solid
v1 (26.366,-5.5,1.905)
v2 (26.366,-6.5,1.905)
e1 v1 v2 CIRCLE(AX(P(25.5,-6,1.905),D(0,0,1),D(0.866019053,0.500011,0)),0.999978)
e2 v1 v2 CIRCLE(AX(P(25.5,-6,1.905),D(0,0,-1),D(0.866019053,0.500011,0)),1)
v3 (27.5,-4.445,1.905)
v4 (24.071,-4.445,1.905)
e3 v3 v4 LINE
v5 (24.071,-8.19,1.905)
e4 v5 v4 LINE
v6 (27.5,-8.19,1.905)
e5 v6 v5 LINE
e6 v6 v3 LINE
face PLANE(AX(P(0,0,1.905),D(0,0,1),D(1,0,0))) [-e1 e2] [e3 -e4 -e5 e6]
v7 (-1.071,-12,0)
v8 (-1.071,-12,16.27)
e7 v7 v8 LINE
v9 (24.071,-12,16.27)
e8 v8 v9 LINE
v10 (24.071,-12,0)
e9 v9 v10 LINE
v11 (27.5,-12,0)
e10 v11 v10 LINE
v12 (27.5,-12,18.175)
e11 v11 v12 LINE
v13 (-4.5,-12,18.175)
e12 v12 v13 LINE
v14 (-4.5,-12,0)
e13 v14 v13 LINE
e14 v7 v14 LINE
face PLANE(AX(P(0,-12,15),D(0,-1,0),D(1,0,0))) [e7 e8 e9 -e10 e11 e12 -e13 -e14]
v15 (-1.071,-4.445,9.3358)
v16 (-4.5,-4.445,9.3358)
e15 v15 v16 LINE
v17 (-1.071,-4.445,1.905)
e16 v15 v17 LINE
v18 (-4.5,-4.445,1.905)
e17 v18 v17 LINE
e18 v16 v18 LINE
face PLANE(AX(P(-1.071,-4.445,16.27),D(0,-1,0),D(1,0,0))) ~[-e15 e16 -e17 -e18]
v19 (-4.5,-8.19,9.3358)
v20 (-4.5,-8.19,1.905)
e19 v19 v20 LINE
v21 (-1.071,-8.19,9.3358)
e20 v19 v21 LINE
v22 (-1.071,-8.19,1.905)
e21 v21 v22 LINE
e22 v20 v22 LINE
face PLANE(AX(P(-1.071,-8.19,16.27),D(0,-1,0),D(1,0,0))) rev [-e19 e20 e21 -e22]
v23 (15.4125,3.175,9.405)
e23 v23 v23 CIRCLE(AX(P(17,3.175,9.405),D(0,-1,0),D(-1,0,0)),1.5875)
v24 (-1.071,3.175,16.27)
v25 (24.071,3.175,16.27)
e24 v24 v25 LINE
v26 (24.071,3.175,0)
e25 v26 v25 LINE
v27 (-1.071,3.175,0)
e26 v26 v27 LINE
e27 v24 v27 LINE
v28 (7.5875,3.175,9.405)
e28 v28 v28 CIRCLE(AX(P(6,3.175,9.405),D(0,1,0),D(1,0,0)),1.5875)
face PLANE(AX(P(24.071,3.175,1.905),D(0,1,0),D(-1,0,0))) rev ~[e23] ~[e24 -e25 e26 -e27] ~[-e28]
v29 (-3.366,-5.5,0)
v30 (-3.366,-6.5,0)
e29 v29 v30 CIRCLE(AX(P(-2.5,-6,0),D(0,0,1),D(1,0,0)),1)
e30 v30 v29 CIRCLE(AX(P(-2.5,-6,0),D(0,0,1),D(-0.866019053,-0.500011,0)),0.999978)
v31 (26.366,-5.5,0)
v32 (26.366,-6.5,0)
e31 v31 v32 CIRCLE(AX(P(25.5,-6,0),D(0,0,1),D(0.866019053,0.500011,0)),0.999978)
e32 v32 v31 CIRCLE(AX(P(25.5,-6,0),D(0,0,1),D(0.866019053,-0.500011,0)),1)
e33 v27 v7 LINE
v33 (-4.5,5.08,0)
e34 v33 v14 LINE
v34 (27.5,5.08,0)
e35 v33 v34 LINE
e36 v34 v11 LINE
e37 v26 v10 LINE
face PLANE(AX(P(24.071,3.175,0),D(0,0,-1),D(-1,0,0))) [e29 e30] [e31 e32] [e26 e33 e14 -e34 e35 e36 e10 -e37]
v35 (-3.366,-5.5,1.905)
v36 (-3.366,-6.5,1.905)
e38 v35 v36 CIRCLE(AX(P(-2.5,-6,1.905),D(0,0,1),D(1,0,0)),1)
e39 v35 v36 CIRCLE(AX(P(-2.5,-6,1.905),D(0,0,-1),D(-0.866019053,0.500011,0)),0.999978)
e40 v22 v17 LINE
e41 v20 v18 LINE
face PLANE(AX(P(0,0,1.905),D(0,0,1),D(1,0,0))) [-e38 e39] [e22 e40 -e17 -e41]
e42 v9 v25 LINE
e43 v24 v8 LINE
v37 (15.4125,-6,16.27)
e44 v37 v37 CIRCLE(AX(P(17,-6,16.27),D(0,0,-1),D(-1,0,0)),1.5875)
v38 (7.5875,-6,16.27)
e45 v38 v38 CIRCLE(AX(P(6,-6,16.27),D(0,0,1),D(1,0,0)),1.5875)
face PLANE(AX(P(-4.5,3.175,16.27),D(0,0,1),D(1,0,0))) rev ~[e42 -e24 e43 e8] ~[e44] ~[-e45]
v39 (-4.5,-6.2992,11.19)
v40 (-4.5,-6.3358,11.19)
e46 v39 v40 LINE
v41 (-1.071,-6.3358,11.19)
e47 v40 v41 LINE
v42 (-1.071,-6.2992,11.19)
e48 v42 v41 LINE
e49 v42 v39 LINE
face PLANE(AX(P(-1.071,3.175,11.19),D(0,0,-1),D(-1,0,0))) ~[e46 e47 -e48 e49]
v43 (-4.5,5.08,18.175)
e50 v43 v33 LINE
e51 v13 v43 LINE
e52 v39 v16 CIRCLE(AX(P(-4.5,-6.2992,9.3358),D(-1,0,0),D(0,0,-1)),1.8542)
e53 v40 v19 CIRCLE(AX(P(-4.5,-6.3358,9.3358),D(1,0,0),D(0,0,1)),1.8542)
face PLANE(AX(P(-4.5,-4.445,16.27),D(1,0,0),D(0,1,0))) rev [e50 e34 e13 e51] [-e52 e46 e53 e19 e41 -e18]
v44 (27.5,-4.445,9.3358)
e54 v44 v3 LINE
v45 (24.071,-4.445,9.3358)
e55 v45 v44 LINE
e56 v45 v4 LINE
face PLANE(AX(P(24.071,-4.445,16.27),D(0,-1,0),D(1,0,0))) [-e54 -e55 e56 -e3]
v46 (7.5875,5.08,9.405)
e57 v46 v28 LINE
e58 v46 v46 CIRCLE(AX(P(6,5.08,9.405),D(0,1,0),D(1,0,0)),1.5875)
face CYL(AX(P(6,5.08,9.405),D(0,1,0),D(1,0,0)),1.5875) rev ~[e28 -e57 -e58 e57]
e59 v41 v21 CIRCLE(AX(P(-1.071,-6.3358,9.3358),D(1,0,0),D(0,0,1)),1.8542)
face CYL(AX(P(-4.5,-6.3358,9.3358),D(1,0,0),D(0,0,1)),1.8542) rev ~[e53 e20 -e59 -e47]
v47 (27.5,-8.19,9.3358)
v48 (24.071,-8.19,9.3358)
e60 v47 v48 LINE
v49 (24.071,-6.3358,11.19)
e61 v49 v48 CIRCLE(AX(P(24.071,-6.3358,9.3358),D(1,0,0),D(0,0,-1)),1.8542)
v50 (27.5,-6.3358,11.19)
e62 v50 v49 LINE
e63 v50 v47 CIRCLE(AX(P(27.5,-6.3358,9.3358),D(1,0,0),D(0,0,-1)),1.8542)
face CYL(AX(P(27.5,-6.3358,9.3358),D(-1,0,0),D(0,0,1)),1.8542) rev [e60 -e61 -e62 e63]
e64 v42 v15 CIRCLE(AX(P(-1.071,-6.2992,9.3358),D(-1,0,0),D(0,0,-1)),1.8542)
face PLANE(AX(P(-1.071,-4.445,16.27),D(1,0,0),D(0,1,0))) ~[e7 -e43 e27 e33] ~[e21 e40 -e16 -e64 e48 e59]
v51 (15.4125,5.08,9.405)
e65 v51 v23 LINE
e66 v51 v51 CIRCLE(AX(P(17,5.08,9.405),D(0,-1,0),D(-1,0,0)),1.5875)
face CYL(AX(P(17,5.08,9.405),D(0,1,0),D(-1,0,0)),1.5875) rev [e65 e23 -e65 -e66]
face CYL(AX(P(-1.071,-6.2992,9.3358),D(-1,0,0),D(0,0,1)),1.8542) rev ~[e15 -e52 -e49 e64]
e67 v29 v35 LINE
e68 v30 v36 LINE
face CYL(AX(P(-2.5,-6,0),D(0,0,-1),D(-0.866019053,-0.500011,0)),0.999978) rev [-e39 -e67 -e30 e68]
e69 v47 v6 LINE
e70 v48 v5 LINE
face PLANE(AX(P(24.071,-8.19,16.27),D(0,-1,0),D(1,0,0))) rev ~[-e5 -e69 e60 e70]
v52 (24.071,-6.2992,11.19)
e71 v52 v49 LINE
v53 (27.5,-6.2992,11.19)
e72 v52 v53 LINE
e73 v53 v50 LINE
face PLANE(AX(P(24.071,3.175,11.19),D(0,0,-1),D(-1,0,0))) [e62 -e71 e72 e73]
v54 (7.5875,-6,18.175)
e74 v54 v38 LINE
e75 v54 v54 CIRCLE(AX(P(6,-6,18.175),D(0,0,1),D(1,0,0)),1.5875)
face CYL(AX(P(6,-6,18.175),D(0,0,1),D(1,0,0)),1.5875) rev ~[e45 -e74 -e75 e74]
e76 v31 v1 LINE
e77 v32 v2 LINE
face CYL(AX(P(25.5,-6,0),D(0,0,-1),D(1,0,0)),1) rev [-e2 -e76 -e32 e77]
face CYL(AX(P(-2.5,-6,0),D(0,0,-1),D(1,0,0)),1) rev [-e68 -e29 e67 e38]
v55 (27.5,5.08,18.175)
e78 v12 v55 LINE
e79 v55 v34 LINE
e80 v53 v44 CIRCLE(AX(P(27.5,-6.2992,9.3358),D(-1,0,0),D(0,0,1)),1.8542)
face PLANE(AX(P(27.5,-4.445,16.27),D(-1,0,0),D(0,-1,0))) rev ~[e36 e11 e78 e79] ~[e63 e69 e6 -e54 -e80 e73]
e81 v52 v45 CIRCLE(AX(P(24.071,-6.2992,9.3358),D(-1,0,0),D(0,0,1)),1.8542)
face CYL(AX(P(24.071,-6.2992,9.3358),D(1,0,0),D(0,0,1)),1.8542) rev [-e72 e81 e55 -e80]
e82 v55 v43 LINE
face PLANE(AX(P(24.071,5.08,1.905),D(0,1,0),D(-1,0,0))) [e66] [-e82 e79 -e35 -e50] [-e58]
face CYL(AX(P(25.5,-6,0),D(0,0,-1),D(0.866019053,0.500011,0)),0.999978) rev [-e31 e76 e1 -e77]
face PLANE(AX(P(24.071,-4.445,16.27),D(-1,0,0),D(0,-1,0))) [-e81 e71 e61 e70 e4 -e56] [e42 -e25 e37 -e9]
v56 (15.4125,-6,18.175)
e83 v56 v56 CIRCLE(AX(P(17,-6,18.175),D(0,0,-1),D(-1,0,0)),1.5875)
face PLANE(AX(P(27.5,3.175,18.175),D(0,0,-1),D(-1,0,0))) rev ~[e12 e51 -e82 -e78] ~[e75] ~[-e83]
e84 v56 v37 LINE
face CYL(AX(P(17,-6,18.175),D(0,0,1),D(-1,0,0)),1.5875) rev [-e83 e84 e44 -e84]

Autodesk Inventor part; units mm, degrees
sketch "Sketch1" plane through (0, 0, 0) normal (0, 0, 1) x (1, 0, 0)
  line L0 (-4.3, 0) -> (27.3, 0) projected
  line L1 (27.5, -0.2) -> (27.5, -5.5) projected
  line L2 (-4.3, -12) -> (27.3, -12) projected
  line L3 (27.5, -6.5) -> (27.5, -11.8) projected
  line L4 (-4.5, -0.2) -> (-4.5, -5.5) projected
  line L5 (-4.5, -6.5) -> (-4.5, -11.8) projected
  line L6 (-4.5, 0) -> (-1.071, 0)
  line L7 (-1.071, 0) -> (-1.071, -12)
  line L8 (-1.071, -12) -> (-4.5, -12)
  line L9 (-4.5, -12) -> (-4.5, 0)
  arc A0 (-3.366, -6.5) -> (-3.366, -5.5) centre (-2.5, -6) ccw projected
  circle A1 centre (-2.5, -6) radius 1
  line L10 (27.5, -12) -> (24.071, -12)
  line L11 (24.071, -12) -> (24.071, 0)
  line L12 (24.071, 0) -> (27.5, 0)
  line L13 (27.5, 0) -> (27.5, -12)
  arc A2 (26.366, -5.5) -> (26.366, -6.5) centre (25.5, -6) ccw projected
  circle A3 centre (25.5, -6) radius 1
  line L14 (-1.071, 0) -> (-4.5, 0)
  line L15 (-4.5, 0) -> (-4.5, 1.905)
  line L16 (-4.5, 1.905) -> (-1.071, 1.905)
  line L17 (-1.071, 1.905) -> (-1.071, 0)
  line L18 (11.5, 0) -> (11.5, -12) construction
  line L19 (27.5, 0) -> (24.071, 0)
  line L20 (24.071, 0) -> (27.5, 0)
  line L21 (27.5, 0) -> (27.5, 1.905)
  line L22 (27.5, 1.905) -> (24.071, 1.905)
  line L23 (24.071, 1.905) -> (24.071, 0)
  line L24 (-4.5, 1.905) -> (-1.071, 1.905)
  line L25 (-1.071, 1.905) -> (-1.071, 5.08)
  line L26 (-1.071, 5.08) -> (-4.5, 5.08)
  line L27 (-4.5, 5.08) -> (-4.5, 1.905)
  line L28 (24.071, 1.905) -> (27.5, 1.905)
  line L29 (27.5, 1.905) -> (27.5, 5.08)
  line L30 (27.5, 5.08) -> (24.071, 5.08)
  line L31 (24.071, 5.08) -> (24.071, 1.905)
  point P0 (0, 0)
  dimension "d0" = 3.429
  dimension "d1" = 3.429
  dimension "d2" = 1.905
  dimension "d8" = 3.175
  dimension "d9" = 3.175
extrude "Extrusion1" add sketch "Sketch1" along normal blind 1.905 contours L6 L15 L16 L17 L0 | L0 L7 L2 L8 L9 L5 L4 L6 | L23 L22 L21 L12 L0 | L0 L12 L13 L1 L3 L10 L2 L11 | L16 L27 L26 L25 | L31 L30 L29 L22
ref_plane "Work Plane1" through (0, 3.175, 15) normal (0, 1, 0) x (1, 0, 0)
sketch "Sketch2" plane through (0, 3.175, 15) normal (0, 1, 0) x (1, 0, 0)
  line L0 (-1.071, 15) -> (-4.5, 15) projected
  line L1 (-4.5, 15) -> (-4.5, 13.095) projected
  line L2 (-1.071, 13.095) -> (-4.5, 13.095) projected
  line L3 (-1.071, 15) -> (-1.071, 13.095) projected
  line L4 (27.5, 15) -> (24.071, 15) projected
  line L5 (24.071, 15) -> (24.071, 13.095) projected
  line L6 (27.5, 13.095) -> (24.071, 13.095) projected
  line L7 (27.5, 15) -> (27.5, 13.095) projected
  line L8 (22.8, 0) -> (0.2, 0) projected
  line L9 (-4.5, 13.095) -> (27.5, 13.095)
  line L10 (27.5, -3.175) -> (-4.5, -3.175)
  line L11 (-4.5, 11.19) -> (-1.071, 11.19)
  line L12 (-1.071, 11.19) -> (-1.071, 0)
  line L13 (-1.071, 0) -> (-4.5, 0)
  line L14 (27.5, 0) -> (24.071, 0)
  line L15 (24.071, 0) -> (24.071, 11.19)
  line L16 (24.071, 11.19) -> (27.5, 11.19)
  line L17 (23, 15) -> (23, 5) projected
  line L18 (0, 5) -> (0, 15) projected
  line L19 (-1.071, 15) -> (-1.071, 13.095) projected
  line L20 (24.071, 15) -> (24.071, 13.095) projected
  arc A0 (-1.071, 7.761) -> (-4.5, 11.19) centre (-4.5, 7.761) ccw
  arc A1 (-4.5, 0) -> (-1.071, 3.429) centre (-4.5, 3.429) ccw
  arc A2 (27.5, 11.19) -> (24.071, 7.761) centre (27.5, 7.761) ccw
  arc A3 (24.071, 3.429) -> (27.5, 0) centre (27.5, 3.429) ccw
  line L21 (-4.5, -3.175) -> (-4.5, 0)
  line L22 (-4.5, 11.19) -> (-4.5, 13.095)
  line L23 (27.5, 13.095) -> (27.5, 11.19)
  line L24 (27.5, 0) -> (27.5, -3.175)
  line L25 (27.5, 11.19) -> (27.5, 0)
  line L26 (-4.5, 11.19) -> (-4.5, 0)
  dimension "d5" = 3.175
  dimension "d13" = 1.905
extrude "Extrusion2" add sketch "Sketch2" along normal blind 1.905 contours L9 L6 L23 L16 L15 L14 L24 L10 L21 L13 L12 L11 L22 L2 | L11 L12 A0 | A0 L12 A1 L26 | A1 L12 L13 | A2 L15 L16 | L25 A3 L15 A2 | L14 L15 A3
sketch "Sketch6" plane through (0, 3.175, 15) normal (0, -1, 0) x (1, 0, 0)
  line L0 (0.2, 0) -> (22.8, 0) projected
  line L1 (-4.5, -15) -> (-4.5, 3.175) projected
  line L2 (27.5, 3.175) -> (-4.5, 3.175)
  line L3 (-4.5, 3.175) -> (-4.5, 1.27)
  line L4 (-4.5, 1.27) -> (27.5, 1.27)
  line L5 (27.5, 1.27) -> (27.5, 3.175)
  line L6 (27.5, 3.175) -> (27.5, -13.095) projected
  line L7 (-4.5, 3.175) -> (27.5, 3.175) projected
  point P0 (0, -15)
  dimension "d10" = 1.905
extrude "Extrusion3" add sketch "Sketch6" along normal up to surface (15.175 mm away)
sketch "Sketch7" plane through (-4.5, 5.08, 18.175) normal (0, 0, 1) x (1, 0, 0)
  line L0 (32, -17.08) -> (32, 0) projected
  line L1 (0, 0) -> (32, 0) projected
  line L2 (0, -17.08) -> (0, 0) projected
  line L3 (0, -17.08) -> (32, -17.08) projected
  line L4 (32, -17.08) -> (0, -17.08) construction
  line L5 (32, -17.08) -> (32, 0) construction
  circle A0 centre (10.5, -11.08) radius 1.5875
  circle A1 centre (10.5, -11.08) radius 3.75
  point P0 (4.5, -5.08)
  point P1 (31.8064, -17.08)
  point P2 (0.1936, -17.08)
  dimension "d15" = 3.175
sketch "Sketch8" plane through (24.071, 5.08, 0) normal (0, 1, 0) x (1, 0, 0)
  line L0 (3.429, 0) -> (3.429, -18.175) projected
  line L1 (3.429, 0) -> (0, 0) projected
  line L2 (0, 0) -> (0, -1.905) projected
  line L3 (0, -1.905) -> (-25.142, -1.905) projected
  line L4 (-25.142, 0) -> (-25.142, -1.905) projected
  line L5 (-25.142, 0) -> (-28.571, 0) projected
  line L6 (-28.571, 0) -> (-28.571, -18.175) projected
  line L7 (-28.571, -18.175) -> (3.429, -18.175) projected
  line L8 (-25.142, -7.239) -> (-25.142, -11.571) construction
  circle A0 centre (-18.071, -9.405) radius 1.5875
  line L9 (-21.821, 16.1332) -> (-14.321, 16.1332)
  line L10 (-18.071, 16.1332) -> (-18.071, -9.3987) construction
  line L11 (-25.142, -9.405) -> (0, -9.405) construction
  point P0 (-24.071, 0)
  dimension "d16" = 3.175
extrude "Extrusion4" cut sketch "Sketch8" against normal up to next contours A0
extrude "Extrusion5" cut sketch "Sketch7" against normal up to next contours A0
ref_plane "Work Plane3" through (11.5, -12, 0) normal (1, 0, 0) x (0, 0, -1)
mirror "Mirror1" about plane through (11.5, -12, 0) normal (1, 0, 0) of "Extrusion5"
mirror "Mirror2" about plane through (11.5, -12, 0) normal (1, 0, 0) of "Extrusion4"
sketch "Sketch9" plane through (27.5, 3.175, 16.27) normal (0, 0, -1) x (-1, 0, 0)
  circle A0 centre (2, -9.175) radius 1 projected
  line L0 (3.429, 1.905) -> (3.429, -15.175) projected
  line L1 (0, 1.905) -> (3.429, 1.905) projected
  line L2 (0, -15.175) -> (0, 1.905) projected
  line L3 (3.429, -15.175) -> (0, -15.175) projected
  circle A1 centre (30, -9.175) radius 1 projected
  line L4 (28.571, -15.175) -> (28.571, 1.905) projected
  line L5 (32, -15.175) -> (28.571, -15.175) projected
  line L6 (32, 1.905) -> (32, -15.175) projected
  line L7 (28.571, 1.905) -> (32, 1.905) projected
  line L8 (0, -15.175) -> (3.429, -15.175)
  line L9 (3.429, -15.175) -> (3.429, -11.365)
  line L10 (3.429, -11.365) -> (0, -11.365)
  line L11 (0, -11.365) -> (0, -15.175)
  line L12 (0, 0) -> (32, 0) projected
  line L13 (0, 0) -> (3.429, 0)
  line L14 (3.429, 0) -> (3.429, -7.62)
  line L15 (3.429, -7.62) -> (0, -7.62)
  line L16 (0, -7.62) -> (0, 0)
  point P0 (27.5, -3.175)
  dimension "d21" = 7.62
  dimension "d22" = 3.81
extrude "Extrusion6" add sketch "Sketch9" along normal up to next contours L0 L15 L2 L12 | L0 L3 L2 L10
ref_plane "Work Plane4" through (11.5, -12, 0) normal (1, 0, 0) x (0, 0, -1)
mirror "Mirror3" about plane through (11.5, -12, 0) normal (1, 0, 0) of "Extrusion6"
sketch "Sketch10" plane through (24.071, 3.175, 1.905) normal (0, 0, -1) x (-1, 0, 0)
  line L0 (25.142, 0) -> (25.142, 1.905) projected
  line L1 (0, 1.905) -> (25.142, 1.905) projected
  line L2 (0, 1.905) -> (0, 0) projected
  line L3 (0, 0) -> (25.142, 0) projected
  point P0 (24.071, -3.175)
extrude "Extrusion7" add sketch "Sketch10" along normal up to surface (1.905 mm away)
sketch "Sketch11" plane through (24.071, 3.175, 16.27) normal (0, 0, -1) x (-1, 0, 0)
  line L0 (25.142, -15.175) -> (25.142, -11.365) projected
  line L1 (25.142, -11.365) -> (28.571, -11.365) projected
  line L2 (28.571, -7.62) -> (28.571, -11.365) projected
  line L3 (28.571, -7.62) -> (25.142, -7.62) projected
  line L4 (25.142, -7.62) -> (25.142, 0) projected
  line L5 (0, 0) -> (25.142, 0) projected
  line L6 (0, 0) -> (0, -7.62) projected
  line L7 (0, -7.62) -> (-3.429, -7.62) projected
  line L8 (-3.429, -7.62) -> (-3.429, -11.365) projected
  line L9 (-3.429, -11.365) -> (0, -11.365) projected
  line L10 (0, -11.365) -> (0, -15.175) projected
  line L11 (0, -15.175) -> (25.142, -15.175) projected
  circle A0 centre (7.071, -9.175) radius 1.5875 projected
  circle A1 centre (18.071, -9.175) radius 1.5875 projected
  line L12 (0, -7.62) -> (0, -11.365)
  point P0 (24.071, -3.175)
extrude "Extrusion8" add sketch "Sketch11" along normal blind 5.08 contours L9 L8 L7 L12
fillet "Fillet2" radius 1.8542 2 edges at (25.7855, -4.445, 11.19) (25.7855, -8.19, 11.19)
mirror "Mirror4" about plane through (11.5, -12, 0) normal (1, 0, 0) of "Extrusion8"
mirror "Mirror5" about plane through (11.5, -12, 0) normal (1, 0, 0) of "Fillet2"
properties part number "Servo_vice_real"
